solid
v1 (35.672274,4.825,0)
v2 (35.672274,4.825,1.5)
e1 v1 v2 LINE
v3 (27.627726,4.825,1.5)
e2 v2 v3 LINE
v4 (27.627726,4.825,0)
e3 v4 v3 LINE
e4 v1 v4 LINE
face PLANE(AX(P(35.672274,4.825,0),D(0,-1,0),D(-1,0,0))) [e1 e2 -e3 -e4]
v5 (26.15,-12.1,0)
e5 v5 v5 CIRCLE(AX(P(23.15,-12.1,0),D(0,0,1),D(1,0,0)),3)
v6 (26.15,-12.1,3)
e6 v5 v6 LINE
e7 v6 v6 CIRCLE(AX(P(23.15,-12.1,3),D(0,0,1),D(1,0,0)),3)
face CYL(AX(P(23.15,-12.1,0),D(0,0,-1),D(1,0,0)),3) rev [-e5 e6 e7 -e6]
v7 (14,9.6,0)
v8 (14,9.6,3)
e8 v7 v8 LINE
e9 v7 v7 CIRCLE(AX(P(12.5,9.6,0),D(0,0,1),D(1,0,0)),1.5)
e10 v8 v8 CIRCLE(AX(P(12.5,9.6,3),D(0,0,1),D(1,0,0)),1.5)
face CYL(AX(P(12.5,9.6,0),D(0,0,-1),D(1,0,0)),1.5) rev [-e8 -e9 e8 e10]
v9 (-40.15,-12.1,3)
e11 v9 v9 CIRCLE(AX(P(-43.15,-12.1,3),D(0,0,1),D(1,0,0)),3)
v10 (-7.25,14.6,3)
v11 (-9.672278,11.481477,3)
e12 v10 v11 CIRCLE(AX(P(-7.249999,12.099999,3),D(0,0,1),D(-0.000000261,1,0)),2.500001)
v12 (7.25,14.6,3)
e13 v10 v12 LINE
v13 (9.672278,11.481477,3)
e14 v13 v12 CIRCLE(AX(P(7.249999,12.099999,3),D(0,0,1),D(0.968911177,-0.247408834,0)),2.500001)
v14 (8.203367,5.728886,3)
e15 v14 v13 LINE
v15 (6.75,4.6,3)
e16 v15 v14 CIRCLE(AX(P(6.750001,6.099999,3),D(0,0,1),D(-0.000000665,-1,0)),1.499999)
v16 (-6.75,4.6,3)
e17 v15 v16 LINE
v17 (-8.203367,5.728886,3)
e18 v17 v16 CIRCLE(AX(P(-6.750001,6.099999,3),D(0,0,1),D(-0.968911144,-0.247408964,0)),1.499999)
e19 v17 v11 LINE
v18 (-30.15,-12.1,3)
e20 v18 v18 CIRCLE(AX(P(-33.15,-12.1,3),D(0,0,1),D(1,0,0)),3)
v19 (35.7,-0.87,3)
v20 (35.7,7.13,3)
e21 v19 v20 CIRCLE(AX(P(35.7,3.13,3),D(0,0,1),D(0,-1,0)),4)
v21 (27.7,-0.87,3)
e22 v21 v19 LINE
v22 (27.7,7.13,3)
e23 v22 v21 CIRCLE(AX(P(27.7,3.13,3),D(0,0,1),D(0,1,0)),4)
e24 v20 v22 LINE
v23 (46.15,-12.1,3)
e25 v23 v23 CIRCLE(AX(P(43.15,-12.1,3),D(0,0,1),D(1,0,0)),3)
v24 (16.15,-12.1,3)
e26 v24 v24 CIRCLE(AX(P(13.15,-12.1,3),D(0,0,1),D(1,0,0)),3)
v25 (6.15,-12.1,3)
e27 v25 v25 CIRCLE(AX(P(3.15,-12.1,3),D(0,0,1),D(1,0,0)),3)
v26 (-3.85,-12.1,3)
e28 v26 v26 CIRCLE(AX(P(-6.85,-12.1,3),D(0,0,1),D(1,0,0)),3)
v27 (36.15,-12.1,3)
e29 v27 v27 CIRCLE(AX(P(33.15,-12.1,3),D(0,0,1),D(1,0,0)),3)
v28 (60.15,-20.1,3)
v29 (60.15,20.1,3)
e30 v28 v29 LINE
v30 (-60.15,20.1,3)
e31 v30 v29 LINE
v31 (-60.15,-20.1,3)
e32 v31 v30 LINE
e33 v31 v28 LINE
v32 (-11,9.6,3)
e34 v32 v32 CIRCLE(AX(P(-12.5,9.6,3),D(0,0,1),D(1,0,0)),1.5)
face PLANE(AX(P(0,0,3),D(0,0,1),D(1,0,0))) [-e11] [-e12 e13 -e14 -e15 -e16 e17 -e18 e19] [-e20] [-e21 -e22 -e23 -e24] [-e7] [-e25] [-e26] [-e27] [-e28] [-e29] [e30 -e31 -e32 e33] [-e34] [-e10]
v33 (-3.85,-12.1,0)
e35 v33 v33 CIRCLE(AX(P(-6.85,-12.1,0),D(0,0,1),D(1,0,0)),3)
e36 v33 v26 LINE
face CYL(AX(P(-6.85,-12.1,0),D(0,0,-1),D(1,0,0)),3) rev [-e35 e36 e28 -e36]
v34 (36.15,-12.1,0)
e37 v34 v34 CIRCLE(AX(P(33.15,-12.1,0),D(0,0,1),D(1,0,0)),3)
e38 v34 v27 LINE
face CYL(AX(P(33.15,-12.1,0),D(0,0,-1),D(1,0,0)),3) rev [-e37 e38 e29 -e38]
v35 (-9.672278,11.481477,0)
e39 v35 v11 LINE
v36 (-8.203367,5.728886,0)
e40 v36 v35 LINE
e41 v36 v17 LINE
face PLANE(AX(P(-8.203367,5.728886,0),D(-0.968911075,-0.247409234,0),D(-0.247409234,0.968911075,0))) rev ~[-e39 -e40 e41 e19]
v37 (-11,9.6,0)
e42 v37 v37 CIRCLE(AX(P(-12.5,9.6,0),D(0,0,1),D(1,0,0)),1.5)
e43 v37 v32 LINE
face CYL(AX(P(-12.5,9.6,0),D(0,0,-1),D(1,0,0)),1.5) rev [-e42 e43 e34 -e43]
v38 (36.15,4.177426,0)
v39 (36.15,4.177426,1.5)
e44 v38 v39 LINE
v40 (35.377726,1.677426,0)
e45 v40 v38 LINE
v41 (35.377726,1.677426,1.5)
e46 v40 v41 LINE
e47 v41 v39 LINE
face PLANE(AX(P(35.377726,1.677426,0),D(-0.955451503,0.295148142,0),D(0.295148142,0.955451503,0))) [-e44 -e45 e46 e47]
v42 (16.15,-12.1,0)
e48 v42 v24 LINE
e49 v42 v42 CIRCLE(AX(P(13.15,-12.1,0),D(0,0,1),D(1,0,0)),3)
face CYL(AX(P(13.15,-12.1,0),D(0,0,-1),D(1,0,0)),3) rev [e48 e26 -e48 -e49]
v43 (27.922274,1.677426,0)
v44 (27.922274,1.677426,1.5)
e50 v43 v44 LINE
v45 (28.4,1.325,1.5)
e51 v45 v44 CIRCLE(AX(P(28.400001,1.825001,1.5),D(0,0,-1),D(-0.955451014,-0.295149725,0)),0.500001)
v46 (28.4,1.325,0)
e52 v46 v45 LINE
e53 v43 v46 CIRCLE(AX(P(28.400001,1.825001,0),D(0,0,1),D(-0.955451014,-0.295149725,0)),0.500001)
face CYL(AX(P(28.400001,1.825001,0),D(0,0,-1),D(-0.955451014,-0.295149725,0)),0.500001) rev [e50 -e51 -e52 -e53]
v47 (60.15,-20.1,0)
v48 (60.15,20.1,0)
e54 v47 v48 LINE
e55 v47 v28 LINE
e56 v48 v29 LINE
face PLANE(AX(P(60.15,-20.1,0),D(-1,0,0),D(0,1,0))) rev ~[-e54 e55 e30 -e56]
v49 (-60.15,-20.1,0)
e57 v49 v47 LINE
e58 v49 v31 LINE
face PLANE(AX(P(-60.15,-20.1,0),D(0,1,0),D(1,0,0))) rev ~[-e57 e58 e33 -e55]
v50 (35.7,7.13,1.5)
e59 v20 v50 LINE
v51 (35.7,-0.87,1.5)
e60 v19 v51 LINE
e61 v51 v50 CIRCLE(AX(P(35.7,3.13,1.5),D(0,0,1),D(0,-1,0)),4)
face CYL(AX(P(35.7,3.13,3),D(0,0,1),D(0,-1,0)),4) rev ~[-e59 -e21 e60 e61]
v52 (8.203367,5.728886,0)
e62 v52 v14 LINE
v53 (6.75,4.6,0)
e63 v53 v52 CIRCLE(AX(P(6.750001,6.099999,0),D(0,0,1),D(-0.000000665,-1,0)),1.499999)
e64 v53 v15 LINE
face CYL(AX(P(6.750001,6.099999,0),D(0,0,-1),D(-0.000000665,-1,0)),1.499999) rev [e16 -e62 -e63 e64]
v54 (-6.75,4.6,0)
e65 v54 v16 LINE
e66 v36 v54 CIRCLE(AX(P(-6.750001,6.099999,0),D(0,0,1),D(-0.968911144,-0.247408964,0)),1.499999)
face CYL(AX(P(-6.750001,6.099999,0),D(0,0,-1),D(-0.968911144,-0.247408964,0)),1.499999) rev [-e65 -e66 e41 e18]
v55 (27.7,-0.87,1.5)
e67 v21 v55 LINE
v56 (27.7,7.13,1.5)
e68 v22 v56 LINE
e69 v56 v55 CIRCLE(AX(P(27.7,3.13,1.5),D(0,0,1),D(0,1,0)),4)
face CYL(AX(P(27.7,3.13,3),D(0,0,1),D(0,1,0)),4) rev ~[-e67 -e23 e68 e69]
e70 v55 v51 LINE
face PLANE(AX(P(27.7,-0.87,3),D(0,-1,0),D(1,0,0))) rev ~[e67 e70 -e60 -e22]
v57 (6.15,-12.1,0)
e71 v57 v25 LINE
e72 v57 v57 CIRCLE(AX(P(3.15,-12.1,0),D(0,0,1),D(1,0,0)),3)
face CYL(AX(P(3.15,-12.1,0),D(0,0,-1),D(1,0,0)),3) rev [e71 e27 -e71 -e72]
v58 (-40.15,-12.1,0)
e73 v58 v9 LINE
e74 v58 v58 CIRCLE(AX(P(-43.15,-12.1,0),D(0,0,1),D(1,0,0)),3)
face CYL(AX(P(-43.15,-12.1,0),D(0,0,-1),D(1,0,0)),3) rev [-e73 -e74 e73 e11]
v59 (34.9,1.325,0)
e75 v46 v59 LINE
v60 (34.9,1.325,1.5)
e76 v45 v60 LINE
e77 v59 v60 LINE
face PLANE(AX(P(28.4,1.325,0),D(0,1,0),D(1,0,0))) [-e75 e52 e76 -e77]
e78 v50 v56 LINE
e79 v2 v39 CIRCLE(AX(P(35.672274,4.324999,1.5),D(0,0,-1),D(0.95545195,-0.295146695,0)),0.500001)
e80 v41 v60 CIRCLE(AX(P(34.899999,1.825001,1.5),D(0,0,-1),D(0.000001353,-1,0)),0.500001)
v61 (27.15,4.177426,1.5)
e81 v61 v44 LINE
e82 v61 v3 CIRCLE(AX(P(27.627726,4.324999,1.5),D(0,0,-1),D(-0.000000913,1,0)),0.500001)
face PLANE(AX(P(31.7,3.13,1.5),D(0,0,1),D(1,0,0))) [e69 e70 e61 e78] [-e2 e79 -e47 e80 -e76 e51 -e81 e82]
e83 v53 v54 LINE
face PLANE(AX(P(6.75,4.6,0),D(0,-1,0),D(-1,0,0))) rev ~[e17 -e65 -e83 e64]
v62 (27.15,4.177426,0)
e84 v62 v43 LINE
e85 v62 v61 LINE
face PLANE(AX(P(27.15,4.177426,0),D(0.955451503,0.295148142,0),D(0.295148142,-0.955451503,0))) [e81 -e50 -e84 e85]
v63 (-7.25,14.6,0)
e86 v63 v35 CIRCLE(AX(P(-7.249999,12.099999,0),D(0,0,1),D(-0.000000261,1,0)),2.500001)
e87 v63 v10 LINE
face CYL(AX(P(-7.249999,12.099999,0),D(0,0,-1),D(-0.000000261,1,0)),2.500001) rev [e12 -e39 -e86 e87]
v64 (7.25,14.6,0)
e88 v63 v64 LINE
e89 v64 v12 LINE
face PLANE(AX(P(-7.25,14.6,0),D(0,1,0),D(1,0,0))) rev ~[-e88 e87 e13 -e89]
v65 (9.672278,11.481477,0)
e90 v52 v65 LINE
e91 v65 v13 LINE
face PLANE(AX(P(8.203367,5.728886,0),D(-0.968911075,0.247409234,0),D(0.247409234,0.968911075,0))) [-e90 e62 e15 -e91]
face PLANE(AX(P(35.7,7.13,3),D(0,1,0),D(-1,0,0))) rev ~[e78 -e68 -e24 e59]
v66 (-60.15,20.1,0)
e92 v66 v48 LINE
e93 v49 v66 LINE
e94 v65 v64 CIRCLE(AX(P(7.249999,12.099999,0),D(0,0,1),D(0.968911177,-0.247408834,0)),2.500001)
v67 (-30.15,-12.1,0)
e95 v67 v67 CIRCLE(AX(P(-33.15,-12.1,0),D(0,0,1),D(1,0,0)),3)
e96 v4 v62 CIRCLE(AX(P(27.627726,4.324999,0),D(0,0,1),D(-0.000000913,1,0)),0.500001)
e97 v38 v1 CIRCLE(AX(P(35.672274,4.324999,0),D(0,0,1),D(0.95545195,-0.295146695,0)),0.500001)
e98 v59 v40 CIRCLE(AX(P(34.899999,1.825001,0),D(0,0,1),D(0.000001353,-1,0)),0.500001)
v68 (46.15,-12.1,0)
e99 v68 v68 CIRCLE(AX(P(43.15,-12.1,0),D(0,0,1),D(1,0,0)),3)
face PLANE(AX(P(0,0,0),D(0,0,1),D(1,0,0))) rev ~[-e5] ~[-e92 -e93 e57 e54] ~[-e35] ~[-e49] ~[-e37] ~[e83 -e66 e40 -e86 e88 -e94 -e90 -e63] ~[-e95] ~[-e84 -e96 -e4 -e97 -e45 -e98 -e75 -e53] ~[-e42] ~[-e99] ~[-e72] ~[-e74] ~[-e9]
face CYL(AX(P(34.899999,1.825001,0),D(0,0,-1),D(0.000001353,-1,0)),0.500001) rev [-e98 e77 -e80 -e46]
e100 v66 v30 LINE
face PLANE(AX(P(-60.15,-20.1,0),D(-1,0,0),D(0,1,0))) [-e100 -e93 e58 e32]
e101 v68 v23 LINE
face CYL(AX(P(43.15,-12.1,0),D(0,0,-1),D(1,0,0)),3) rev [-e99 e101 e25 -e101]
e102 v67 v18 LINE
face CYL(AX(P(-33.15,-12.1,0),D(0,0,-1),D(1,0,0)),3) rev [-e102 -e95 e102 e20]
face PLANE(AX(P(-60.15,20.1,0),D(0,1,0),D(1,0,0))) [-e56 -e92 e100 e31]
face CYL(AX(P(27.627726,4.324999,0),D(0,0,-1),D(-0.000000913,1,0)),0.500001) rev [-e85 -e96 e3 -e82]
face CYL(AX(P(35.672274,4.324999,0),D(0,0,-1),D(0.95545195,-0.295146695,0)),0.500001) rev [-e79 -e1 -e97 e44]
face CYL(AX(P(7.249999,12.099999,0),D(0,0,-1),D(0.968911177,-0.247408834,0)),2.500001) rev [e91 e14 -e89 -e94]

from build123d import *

# Parameters (mm, degrees)
SKETCH_W     = 120.3
SKETCH_H     = 40.2
SKETCH_R     = 1.5
SKETCH_R_2   = 3
PAD_DEPTH    = 3
POCKET_DEPTH = 1.5


with BuildPart() as part:
    # Sketch → Pad (new body)
    with BuildSketch(Plane.XY):
        Rectangle(SKETCH_W, SKETCH_H)
        with Locations((-12.5, 9.6)):
            Circle(SKETCH_R, mode=Mode.SUBTRACT)
        with Locations((12.5, 9.6)):
            Circle(SKETCH_R, mode=Mode.SUBTRACT)
        with Locations((43.15, -12.1)):
            Circle(SKETCH_R_2, mode=Mode.SUBTRACT)
        with Locations((33.15, -12.1)):
            Circle(SKETCH_R_2, mode=Mode.SUBTRACT)
        with Locations((23.15, -12.1)):
            Circle(SKETCH_R_2, mode=Mode.SUBTRACT)
        with Locations((13.15, -12.1)):
            Circle(SKETCH_R_2, mode=Mode.SUBTRACT)
        with Locations((3.15, -12.1)):
            Circle(SKETCH_R_2, mode=Mode.SUBTRACT)
        with Locations((-6.85, -12.1)):
            Circle(SKETCH_R_2, mode=Mode.SUBTRACT)
        with Locations((-33.15, -12.1)):
            Circle(SKETCH_R_2, mode=Mode.SUBTRACT)
        with Locations((-43.15, -12.1)):
            Circle(SKETCH_R_2, mode=Mode.SUBTRACT)
        with BuildLine():
            Line((28.4, 1.325), (34.9, 1.325))
            ThreePointArc((34.9, 1.325), (35.196827, 1.42264), (35.377726, 1.677426))
            Line((35.377726, 1.677426), (36.15, 4.177426))
            ThreePointArc((36.15, 4.177426), (36.074634, 4.621827), (35.672274, 4.825))
            Line((35.672274, 4.825), (27.627726, 4.825))
            ThreePointArc((27.627726, 4.825), (27.225366, 4.621827), (27.15, 4.177426))
            Line((27.15, 4.177426), (27.922274, 1.677426))
            ThreePointArc((27.922274, 1.677426), (28.103173, 1.42264), (28.4, 1.325))
        make_face(mode=Mode.SUBTRACT)
        with BuildLine():
            Line((-7.25, 14.6), (7.25, 14.6))
            ThreePointArc((9.672278, 11.481477), (9.224374, 13.633573), (7.25, 14.6))
            Line((8.203367, 5.728886), (9.672278, 11.481477))
            ThreePointArc((6.75, 4.6), (7.670144, 4.915375), (8.203367, 5.728886))
            Line((6.75, 4.6), (-6.75, 4.6))
            ThreePointArc((-8.203367, 5.728886), (-7.670144, 4.915375), (-6.75, 4.6))
            Line((-8.203367, 5.728886), (-9.672278, 11.481477))
            ThreePointArc((-7.25, 14.6), (-9.224374, 13.633573), (-9.672278, 11.481477))
        make_face(mode=Mode.SUBTRACT)
    extrude(amount=PAD_DEPTH)

    # Sketch001 (on Face32 of Pad) → Pocket (cut)
    with BuildSketch(Plane.XY.offset(3)):
        with BuildLine():
            ThreePointArc((27.7, 7.13), (23.7, 3.13), (27.7, -0.87))
            Line((27.7, -0.87), (35.7, -0.87))
            ThreePointArc((35.7, -0.87), (39.7, 3.13), (35.7, 7.13))
            Line((35.7, 7.13), (27.7, 7.13))
        make_face()
    extrude(amount=-POCKET_DEPTH, mode=Mode.SUBTRACT)


solid = part.part
